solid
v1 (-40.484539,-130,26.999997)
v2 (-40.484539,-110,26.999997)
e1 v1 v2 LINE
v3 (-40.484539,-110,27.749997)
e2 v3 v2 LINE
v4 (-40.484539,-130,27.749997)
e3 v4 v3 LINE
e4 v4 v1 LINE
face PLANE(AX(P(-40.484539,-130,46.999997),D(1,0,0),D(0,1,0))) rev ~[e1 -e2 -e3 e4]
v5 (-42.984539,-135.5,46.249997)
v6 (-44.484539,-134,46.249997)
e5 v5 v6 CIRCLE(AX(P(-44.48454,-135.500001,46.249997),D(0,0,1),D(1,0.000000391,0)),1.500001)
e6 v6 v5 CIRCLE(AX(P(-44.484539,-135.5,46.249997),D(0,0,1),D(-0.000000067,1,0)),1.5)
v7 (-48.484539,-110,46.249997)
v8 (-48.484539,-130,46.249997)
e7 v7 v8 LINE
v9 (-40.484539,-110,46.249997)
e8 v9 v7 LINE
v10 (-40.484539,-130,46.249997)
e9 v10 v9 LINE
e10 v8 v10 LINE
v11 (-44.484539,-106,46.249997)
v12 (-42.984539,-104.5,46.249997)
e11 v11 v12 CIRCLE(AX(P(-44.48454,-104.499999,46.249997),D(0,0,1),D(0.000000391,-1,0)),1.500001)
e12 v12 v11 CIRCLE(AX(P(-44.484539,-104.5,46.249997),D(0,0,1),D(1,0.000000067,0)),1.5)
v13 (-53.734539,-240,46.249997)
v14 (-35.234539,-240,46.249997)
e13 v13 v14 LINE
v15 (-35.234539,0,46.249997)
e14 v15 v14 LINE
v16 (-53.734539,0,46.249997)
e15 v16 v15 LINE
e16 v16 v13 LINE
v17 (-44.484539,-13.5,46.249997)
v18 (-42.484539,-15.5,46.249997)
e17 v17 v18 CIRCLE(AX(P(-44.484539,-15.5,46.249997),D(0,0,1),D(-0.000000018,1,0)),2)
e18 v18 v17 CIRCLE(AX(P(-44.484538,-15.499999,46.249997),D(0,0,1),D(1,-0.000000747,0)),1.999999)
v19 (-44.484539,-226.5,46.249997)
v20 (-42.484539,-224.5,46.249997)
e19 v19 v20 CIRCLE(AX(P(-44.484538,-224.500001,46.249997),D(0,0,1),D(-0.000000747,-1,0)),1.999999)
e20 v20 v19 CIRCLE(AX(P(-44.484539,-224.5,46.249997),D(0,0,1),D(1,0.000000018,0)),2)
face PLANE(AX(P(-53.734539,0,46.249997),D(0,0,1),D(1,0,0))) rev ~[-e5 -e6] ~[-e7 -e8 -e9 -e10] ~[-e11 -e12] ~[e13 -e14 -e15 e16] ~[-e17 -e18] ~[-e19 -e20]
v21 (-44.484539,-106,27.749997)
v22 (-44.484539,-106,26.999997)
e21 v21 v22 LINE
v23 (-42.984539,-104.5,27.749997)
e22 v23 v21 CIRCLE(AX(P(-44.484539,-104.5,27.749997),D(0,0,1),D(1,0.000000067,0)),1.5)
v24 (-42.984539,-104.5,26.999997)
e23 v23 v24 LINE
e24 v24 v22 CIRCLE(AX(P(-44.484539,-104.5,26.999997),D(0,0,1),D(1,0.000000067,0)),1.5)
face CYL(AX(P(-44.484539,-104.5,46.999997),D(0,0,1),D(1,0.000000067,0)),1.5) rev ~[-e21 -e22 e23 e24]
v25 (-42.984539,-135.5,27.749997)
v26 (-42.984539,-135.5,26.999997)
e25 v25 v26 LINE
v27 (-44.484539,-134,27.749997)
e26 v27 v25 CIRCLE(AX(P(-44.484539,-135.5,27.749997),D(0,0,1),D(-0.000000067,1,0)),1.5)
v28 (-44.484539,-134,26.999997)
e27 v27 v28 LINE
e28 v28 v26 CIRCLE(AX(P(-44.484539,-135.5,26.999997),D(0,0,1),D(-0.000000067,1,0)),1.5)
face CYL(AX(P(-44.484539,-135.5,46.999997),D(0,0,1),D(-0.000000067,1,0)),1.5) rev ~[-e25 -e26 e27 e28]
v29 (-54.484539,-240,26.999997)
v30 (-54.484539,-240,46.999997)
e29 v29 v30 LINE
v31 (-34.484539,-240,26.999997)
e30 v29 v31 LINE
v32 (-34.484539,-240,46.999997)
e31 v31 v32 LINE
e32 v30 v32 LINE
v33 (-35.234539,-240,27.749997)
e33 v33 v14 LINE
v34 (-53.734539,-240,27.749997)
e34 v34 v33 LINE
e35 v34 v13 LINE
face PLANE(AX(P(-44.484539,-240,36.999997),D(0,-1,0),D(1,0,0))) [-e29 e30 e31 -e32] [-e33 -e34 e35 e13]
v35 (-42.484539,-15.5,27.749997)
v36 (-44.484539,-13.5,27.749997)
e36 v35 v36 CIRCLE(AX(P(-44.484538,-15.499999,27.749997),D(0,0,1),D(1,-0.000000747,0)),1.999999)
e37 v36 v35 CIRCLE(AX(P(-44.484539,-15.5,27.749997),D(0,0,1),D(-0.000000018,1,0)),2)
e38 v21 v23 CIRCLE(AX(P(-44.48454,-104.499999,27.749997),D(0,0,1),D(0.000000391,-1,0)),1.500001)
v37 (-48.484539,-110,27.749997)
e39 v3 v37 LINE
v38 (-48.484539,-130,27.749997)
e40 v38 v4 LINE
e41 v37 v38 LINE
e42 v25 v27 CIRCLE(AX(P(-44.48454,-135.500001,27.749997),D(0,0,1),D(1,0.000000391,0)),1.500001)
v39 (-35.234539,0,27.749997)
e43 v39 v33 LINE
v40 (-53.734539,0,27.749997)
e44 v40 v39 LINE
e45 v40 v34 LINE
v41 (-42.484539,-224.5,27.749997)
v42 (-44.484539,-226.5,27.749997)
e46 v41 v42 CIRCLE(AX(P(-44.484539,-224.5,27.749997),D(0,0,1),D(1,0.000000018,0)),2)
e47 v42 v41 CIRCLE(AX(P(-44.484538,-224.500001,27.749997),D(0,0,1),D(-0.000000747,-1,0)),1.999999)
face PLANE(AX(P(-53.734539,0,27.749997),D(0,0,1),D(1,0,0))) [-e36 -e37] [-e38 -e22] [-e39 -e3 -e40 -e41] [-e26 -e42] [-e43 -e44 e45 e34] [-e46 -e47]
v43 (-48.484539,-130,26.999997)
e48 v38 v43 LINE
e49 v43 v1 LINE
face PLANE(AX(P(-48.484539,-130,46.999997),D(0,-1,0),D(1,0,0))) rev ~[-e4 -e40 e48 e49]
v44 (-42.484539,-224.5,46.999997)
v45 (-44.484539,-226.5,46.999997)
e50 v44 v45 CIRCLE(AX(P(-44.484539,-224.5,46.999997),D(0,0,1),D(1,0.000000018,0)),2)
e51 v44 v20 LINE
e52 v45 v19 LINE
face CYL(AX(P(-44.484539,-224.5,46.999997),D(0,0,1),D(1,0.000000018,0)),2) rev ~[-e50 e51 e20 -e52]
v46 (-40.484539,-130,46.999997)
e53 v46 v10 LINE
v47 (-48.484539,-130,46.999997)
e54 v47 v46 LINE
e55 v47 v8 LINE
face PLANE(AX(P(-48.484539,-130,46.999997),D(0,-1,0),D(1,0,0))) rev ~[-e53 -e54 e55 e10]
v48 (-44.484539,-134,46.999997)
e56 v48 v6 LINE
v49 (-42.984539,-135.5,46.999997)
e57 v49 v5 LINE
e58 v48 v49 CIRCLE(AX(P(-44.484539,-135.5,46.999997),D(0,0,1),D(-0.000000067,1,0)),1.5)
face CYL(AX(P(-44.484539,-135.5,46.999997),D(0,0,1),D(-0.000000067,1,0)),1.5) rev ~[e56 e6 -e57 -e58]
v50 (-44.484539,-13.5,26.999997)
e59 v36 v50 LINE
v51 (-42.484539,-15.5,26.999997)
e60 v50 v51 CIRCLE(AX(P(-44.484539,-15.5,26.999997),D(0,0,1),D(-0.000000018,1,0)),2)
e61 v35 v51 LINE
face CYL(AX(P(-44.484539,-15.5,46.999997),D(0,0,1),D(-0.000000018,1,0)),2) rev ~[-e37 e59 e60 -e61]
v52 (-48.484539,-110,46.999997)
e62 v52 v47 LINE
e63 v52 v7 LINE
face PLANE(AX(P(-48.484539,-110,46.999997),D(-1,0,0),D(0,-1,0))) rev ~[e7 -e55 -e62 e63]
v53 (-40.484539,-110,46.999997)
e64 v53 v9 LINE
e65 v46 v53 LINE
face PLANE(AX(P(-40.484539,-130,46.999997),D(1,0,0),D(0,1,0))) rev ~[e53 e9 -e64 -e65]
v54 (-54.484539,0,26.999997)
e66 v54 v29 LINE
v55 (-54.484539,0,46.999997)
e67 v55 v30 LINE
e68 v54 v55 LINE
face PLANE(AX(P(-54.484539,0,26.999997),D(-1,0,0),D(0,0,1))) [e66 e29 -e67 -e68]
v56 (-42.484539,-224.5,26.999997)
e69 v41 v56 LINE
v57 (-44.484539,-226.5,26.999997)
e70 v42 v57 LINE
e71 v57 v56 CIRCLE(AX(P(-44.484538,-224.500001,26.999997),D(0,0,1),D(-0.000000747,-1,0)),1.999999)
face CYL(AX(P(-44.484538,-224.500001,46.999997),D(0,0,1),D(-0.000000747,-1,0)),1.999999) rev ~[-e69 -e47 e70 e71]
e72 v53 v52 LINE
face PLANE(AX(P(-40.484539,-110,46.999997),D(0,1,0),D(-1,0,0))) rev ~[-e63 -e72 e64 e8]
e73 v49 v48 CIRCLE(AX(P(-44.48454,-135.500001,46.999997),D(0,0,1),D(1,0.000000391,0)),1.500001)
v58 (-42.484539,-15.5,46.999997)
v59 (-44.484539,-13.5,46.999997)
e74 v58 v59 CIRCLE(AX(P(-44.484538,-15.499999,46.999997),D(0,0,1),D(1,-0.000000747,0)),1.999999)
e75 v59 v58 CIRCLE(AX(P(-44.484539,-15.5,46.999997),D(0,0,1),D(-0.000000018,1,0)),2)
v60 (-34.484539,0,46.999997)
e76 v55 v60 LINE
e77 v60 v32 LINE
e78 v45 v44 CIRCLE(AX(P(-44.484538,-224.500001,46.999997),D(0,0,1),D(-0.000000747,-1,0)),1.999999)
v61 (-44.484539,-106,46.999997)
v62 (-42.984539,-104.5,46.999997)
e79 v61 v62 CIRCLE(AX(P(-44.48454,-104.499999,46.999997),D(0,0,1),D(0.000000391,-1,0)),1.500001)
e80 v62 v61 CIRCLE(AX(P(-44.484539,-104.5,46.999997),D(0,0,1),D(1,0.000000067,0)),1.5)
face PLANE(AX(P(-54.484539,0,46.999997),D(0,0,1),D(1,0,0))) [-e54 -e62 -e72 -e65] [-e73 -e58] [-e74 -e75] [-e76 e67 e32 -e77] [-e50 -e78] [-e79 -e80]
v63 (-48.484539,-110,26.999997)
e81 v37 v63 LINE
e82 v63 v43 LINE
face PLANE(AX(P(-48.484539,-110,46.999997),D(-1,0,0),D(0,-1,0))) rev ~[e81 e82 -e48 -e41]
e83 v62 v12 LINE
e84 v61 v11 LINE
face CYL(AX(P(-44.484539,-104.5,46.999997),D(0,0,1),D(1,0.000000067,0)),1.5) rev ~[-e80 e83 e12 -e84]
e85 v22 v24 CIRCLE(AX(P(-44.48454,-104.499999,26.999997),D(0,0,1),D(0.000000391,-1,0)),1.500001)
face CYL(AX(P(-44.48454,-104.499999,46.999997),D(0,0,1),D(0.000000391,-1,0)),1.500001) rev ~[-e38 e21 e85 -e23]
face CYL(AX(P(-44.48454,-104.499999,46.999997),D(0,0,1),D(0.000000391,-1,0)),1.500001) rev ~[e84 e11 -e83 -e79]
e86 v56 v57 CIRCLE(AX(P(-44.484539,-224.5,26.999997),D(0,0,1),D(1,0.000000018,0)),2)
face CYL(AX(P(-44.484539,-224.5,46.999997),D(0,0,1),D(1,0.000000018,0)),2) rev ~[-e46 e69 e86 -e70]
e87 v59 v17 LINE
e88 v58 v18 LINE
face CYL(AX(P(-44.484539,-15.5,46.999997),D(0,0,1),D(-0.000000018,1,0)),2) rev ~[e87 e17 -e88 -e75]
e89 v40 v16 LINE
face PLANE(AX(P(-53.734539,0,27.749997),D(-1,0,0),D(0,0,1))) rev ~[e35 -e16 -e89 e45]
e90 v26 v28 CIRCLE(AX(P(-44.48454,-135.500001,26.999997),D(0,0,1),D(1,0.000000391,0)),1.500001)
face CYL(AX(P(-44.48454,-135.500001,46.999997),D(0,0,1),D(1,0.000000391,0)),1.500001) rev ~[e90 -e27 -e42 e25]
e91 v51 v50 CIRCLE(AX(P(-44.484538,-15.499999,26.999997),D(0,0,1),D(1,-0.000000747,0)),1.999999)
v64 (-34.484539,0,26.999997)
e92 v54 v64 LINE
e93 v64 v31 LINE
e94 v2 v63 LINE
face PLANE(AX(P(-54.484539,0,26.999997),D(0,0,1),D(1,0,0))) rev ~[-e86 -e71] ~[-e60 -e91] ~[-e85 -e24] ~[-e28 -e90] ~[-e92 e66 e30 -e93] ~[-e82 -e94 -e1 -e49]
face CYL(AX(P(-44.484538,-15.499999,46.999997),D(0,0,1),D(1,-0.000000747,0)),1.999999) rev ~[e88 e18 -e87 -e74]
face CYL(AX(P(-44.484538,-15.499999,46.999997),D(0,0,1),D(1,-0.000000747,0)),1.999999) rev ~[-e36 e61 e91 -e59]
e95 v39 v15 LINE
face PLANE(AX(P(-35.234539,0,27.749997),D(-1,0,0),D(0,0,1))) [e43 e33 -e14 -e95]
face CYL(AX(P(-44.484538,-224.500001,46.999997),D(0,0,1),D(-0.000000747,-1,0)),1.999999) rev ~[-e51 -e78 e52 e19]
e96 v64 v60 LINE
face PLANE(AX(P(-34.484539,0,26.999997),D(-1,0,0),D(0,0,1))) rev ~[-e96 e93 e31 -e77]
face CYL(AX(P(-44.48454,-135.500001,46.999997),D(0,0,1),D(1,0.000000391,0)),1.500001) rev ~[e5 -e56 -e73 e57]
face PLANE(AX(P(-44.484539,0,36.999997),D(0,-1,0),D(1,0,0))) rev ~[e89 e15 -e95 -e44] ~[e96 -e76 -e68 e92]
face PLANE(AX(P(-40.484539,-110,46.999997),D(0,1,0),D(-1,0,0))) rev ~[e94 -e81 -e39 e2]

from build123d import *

# Parameters (mm, degrees)
F0_W     = 20
F0_H     = 20
F0_W_2   = 18.5
F0_H_2   = 18.5
F1_DEPTH = 240
F2_W     = 6
F2_H     = 9
F3_DEPTH = 25
F5_DEPTH = 25


with BuildPart() as f1:
    # F0 (on Front) → F1 (new body)
    with BuildSketch(Plane.XZ):
        with Locations((-44.484539, 36.999997)):
            Rectangle(F0_W, F0_H)
        with Locations((-44.484539, 36.999997)):
            Rectangle(F0_W_2, F0_H_2, mode=Mode.SUBTRACT)
    extrude(amount=F1_DEPTH)

    # F2 (on face) → F3 (cut)
    with BuildSketch(Plane.XY.offset(46.999997)):
        with Locations((-44.484539, -124.5)):
            Rectangle(F2_W, F2_H)
        with Locations((-44.484539, -115.5)):
            Rectangle(F2_W, F2_H)
        Polygon((-48.484539, -110), (-48.484539, -120), (-47.484539, -120), (-47.484539, -111), (-41.484539, -111), (-41.484539, -120), (-40.484539, -120), (-40.484539, -110), (-44.484539, -110), align=None)
        Polygon((-47.484539, -120), (-48.484539, -120), (-48.484539, -130), (-44.484539, -130), (-40.484539, -130), (-40.484539, -120), (-41.484539, -120), (-41.484539, -129), (-47.484539, -129), align=None)
        with BuildLine():
            ThreePointArc((-42.984539, -104.5), (-45.545199, -103.43934), (-44.484539, -106))
            ThreePointArc((-44.484539, -106), (-43.423879, -105.56066), (-42.984539, -104.5))
        make_face()
        with BuildLine():
            ThreePointArc((-42.984539, -135.5), (-43.423879, -134.43934), (-44.484539, -134))
            ThreePointArc((-44.484539, -134), (-45.545199, -136.56066), (-42.984539, -135.5))
        make_face()
    extrude(amount=-F3_DEPTH, mode=Mode.SUBTRACT)

    # F4 (on face) → F5 (cut)
    with BuildSketch(Plane.XY.offset(46.999997)):
        with BuildLine():
            ThreePointArc((-44.484539, -226.5), (-43.070325, -225.914214), (-42.484539, -224.5))
            ThreePointArc((-42.484539, -224.5), (-45.898752, -223.085786), (-44.484539, -226.5))
        make_face()
        with BuildLine():
            ThreePointArc((-44.484539, -13.5), (-45.898752, -16.914214), (-42.484539, -15.5))
            ThreePointArc((-42.484539, -15.5), (-43.070325, -14.085786), (-44.484539, -13.5))
        make_face()
    extrude(amount=-F5_DEPTH, mode=Mode.SUBTRACT)


solid = f1.part
